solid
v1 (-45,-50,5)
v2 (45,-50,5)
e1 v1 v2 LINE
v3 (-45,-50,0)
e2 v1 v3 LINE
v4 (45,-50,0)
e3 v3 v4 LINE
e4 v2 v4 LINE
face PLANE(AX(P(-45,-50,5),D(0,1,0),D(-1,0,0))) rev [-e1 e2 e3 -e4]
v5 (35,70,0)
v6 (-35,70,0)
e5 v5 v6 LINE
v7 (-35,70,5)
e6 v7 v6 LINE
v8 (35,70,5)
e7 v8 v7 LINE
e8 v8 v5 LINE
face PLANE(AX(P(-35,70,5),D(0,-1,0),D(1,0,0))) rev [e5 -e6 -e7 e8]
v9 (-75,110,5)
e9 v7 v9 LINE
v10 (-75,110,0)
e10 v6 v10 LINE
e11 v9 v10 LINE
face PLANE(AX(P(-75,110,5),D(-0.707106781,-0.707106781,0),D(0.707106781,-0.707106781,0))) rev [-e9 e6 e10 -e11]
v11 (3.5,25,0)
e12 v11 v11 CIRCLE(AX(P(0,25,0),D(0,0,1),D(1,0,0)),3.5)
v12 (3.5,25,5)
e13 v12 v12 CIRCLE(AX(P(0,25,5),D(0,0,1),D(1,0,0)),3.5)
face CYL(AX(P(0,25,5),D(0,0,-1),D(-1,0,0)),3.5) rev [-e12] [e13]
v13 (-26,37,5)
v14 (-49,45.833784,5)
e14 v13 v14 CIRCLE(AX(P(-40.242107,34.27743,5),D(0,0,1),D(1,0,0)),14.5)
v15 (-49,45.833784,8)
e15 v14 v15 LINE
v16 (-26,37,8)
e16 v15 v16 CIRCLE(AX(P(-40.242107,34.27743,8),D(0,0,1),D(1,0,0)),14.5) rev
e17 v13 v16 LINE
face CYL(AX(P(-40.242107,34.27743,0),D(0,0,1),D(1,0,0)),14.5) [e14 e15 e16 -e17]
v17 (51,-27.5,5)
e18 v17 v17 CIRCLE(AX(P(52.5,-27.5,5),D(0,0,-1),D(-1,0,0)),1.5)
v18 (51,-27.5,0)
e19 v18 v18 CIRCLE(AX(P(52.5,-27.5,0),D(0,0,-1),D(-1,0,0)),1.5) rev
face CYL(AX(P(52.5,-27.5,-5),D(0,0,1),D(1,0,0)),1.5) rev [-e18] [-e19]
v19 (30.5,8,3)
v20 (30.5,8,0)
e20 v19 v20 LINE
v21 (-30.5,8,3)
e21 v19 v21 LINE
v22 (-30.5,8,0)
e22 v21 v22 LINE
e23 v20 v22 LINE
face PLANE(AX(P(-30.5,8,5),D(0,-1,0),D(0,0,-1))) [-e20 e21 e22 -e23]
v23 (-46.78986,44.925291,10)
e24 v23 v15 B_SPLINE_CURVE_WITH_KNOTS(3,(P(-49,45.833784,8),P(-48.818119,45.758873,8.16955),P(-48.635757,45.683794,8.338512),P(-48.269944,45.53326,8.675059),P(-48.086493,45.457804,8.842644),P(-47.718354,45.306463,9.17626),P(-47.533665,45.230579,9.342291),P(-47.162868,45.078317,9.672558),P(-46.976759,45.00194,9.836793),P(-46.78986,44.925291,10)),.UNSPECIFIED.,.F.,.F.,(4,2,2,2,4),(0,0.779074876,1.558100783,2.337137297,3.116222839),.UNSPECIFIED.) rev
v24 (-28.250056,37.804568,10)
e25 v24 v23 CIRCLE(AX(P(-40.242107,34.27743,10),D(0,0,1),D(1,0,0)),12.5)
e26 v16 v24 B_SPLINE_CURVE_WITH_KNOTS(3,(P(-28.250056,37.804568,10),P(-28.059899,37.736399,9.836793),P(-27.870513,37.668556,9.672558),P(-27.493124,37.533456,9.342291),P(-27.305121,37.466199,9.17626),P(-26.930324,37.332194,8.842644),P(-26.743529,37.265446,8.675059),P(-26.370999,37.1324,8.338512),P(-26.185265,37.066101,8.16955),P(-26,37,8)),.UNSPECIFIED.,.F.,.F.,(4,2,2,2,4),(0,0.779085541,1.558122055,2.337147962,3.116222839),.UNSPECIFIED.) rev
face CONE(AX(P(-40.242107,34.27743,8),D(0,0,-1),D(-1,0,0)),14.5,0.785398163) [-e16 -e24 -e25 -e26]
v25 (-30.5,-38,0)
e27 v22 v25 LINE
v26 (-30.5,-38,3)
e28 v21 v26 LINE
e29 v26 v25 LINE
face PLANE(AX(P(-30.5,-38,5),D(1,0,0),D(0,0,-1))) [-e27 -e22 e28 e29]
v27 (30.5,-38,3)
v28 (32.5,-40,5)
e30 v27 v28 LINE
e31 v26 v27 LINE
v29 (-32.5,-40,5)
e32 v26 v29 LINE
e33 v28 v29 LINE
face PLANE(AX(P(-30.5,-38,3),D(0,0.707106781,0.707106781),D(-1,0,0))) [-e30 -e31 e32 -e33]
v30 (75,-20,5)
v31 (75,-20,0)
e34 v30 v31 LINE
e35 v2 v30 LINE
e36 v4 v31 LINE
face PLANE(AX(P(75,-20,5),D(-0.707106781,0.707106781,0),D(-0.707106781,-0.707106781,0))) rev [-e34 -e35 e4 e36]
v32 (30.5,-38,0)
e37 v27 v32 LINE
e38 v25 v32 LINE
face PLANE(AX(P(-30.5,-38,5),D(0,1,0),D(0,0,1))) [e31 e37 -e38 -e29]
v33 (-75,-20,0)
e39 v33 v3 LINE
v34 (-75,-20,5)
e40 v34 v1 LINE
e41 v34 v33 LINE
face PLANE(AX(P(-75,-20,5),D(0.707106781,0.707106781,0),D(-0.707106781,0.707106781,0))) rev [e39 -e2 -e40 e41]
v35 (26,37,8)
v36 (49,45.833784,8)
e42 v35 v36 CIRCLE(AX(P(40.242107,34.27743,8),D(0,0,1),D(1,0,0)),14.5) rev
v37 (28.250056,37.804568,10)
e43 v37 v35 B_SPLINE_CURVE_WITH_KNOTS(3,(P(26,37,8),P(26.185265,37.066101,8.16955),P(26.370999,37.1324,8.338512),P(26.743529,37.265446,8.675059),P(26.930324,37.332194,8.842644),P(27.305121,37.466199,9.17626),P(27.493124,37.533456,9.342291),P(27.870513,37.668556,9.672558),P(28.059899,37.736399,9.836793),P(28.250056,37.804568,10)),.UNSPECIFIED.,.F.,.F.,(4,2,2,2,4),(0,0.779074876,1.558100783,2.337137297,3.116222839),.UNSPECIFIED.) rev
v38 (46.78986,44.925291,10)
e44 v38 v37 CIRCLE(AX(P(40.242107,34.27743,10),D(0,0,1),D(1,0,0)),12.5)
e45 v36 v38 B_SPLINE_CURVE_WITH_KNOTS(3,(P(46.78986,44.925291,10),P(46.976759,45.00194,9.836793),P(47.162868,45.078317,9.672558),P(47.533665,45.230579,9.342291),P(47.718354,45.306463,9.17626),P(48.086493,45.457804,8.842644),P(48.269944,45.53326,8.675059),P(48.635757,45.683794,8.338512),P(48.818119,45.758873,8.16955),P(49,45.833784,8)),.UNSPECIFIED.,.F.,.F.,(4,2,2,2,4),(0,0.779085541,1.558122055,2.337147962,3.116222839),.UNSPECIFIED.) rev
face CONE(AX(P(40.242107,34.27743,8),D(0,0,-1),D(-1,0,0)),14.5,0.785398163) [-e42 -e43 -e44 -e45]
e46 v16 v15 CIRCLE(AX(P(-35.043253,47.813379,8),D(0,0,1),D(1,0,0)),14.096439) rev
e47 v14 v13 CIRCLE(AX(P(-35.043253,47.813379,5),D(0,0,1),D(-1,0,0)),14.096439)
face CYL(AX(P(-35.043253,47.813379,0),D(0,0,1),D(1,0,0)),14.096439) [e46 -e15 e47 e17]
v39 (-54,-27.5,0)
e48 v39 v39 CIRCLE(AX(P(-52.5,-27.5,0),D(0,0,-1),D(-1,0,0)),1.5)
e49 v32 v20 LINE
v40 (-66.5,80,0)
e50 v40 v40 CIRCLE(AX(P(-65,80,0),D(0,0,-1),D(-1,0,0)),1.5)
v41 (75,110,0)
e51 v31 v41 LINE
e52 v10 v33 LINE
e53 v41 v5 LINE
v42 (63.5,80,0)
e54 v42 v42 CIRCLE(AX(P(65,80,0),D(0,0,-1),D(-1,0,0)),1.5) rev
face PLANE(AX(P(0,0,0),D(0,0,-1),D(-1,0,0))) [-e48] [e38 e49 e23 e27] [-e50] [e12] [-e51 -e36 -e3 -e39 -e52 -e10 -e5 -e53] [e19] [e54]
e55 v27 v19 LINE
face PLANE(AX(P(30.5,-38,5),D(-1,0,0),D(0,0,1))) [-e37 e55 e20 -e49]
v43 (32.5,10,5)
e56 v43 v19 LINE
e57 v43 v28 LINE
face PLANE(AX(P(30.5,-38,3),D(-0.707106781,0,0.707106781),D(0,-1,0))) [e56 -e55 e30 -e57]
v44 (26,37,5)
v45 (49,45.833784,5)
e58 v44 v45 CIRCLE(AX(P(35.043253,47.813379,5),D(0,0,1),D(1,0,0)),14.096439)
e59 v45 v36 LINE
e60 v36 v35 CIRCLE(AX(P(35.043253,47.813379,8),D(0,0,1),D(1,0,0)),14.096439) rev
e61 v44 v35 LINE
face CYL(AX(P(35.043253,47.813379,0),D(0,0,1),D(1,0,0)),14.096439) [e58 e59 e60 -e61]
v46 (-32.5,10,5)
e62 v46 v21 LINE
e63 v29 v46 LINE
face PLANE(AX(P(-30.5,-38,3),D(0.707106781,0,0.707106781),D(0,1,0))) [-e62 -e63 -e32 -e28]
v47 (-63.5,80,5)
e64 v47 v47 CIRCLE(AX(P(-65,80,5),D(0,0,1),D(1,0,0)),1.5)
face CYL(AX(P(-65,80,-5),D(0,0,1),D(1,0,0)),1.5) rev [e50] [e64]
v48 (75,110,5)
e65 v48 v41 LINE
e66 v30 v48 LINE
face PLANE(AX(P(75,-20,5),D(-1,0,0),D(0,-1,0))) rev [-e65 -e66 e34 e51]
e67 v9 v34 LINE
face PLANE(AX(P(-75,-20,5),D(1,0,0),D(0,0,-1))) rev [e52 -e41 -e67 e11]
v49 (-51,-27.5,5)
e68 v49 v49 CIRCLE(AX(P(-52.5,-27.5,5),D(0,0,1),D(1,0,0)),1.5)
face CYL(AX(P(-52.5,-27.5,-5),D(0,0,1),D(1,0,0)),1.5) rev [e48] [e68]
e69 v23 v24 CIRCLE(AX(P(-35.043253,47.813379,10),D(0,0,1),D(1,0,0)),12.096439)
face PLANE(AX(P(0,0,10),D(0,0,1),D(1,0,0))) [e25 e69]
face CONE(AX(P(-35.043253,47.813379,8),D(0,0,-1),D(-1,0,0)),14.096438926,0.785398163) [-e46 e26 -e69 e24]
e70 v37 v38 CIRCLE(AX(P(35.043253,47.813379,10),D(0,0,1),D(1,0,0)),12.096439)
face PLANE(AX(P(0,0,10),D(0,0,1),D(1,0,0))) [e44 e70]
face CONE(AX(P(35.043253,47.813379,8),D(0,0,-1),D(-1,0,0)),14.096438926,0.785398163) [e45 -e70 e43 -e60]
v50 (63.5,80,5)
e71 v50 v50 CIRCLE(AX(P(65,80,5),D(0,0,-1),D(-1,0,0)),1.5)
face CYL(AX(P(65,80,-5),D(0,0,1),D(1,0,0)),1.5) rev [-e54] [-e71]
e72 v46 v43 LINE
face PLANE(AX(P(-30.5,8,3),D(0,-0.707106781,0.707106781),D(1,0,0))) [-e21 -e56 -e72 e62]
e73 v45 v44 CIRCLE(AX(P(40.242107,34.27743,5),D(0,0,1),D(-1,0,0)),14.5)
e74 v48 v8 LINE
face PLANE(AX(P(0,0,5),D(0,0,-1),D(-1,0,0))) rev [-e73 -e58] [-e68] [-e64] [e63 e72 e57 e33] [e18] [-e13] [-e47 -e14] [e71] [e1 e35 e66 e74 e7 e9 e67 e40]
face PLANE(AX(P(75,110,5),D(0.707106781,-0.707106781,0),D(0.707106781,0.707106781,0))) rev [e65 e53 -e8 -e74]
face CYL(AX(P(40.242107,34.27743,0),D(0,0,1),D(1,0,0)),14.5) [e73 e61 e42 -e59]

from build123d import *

# Parameters (mm, degrees)
IZIM1_R                          = 3.5
IZIM1_W                          = 61
IZIM1_H                          = 46
Y_KSEKLIK_EKSTR_ZYON1_DEPTH      = 5
Y_KSEKLIK_EKSTR_ZYON2_DEPTH      = 5
Y_KSEKLIK_EKSTR_ZYON2_DEPTH_BACK = 5
PAH1_SIZE                        = 2
PAH2_SIZE                        = 2
IZIM5_R                          = 1.5
KES_EKSTR_ZYON1_DEPTH            = 10


with BuildPart() as part:
    # Çizim1 → Yükseklik-Ekstrüzyon1 (new body)
    with BuildSketch(Plane.XY):
        Polygon((-75, 70), (-75, 110), (-35, 70), (35, 70), (75, 110), (75, 70), (75, -20), (45, -50), (-45, -50), (-75, -20), align=None)
        with Locations((0, 25)):
            Circle(IZIM1_R, mode=Mode.SUBTRACT)
        with Locations((0, -15)):
            Rectangle(IZIM1_W, IZIM1_H, mode=Mode.SUBTRACT)
        with BuildLine():
            ThreePointArc((-26, 37), (-35.043252773, 47.813379198), (-49, 45.833783979))
            ThreePointArc((-49, 45.833783979), (-40.097413612, 34.654160049), (-26, 37))
        make_face(mode=Mode.SUBTRACT)
        with BuildLine():
            ThreePointArc((26, 37), (40.097413612, 34.654160049), (49, 45.833783979))
            ThreePointArc((49, 45.833783979), (35.043252773, 47.813379198), (26, 37))
        make_face(mode=Mode.SUBTRACT)
    extrude(amount=Y_KSEKLIK_EKSTR_ZYON1_DEPTH)

    # Çizim3 → Yükseklik-Ekstrüzyon2 (add, two sides: drawn at the far end of the back side and taken through both)
    with BuildSketch(Plane.XY.offset(5).offset(-Y_KSEKLIK_EKSTR_ZYON2_DEPTH_BACK)):
        with BuildLine():
            ThreePointArc((-26, 37), (-40.097413612, 34.654160049), (-49, 45.833783979))
            ThreePointArc((-49, 45.833783979), (-35.043252773, 47.813379198), (-26, 37))
        make_face()
        with BuildLine():
            ThreePointArc((26, 37), (35.043252773, 47.813379198), (49, 45.833783979))
            ThreePointArc((49, 45.833783979), (40.097413612, 34.654160049), (26, 37))
        make_face()
    extrude(amount=Y_KSEKLIK_EKSTR_ZYON2_DEPTH + Y_KSEKLIK_EKSTR_ZYON2_DEPTH_BACK)

    # Pah1
    pah1_edges = [part.edges().sort_by_distance(p)[0] for p in [
        (-35.043252773, 47.813379198, 10),
        (-40.097413612, 34.654160049, 10),
        (40.097413612, 34.654160049, 10),
        (35.043252773, 47.813379198, 10),
    ]]
    chamfer(pah1_edges, length=PAH1_SIZE)

    # Pah2
    pah2_edges = [part.edges().sort_by_distance(p)[0] for p in [
        (30.5, -15, 5),
        (0, 8, 5),
        (-30.5, -15, 5),
        (0, -38, 5),
    ]]
    chamfer(pah2_edges, length=PAH2_SIZE)

    # Çizim5 → Kes-Ekstrüzyon1 (cut)
    with BuildSketch(Plane.XY.offset(5)):
        with Locations((-65, 80)):
            Circle(IZIM5_R)
        with Locations((-52.5, -27.5)):
            Circle(IZIM5_R)
        with Locations(Location((52.5, -27.5, 0), (0, 0, 180))):
            Circle(IZIM5_R)
        with Locations(Location((65, 80, 0), (0, 0, 180))):
            Circle(IZIM5_R)
    extrude(amount=-KES_EKSTR_ZYON1_DEPTH, mode=Mode.SUBTRACT)


solid = part.part
